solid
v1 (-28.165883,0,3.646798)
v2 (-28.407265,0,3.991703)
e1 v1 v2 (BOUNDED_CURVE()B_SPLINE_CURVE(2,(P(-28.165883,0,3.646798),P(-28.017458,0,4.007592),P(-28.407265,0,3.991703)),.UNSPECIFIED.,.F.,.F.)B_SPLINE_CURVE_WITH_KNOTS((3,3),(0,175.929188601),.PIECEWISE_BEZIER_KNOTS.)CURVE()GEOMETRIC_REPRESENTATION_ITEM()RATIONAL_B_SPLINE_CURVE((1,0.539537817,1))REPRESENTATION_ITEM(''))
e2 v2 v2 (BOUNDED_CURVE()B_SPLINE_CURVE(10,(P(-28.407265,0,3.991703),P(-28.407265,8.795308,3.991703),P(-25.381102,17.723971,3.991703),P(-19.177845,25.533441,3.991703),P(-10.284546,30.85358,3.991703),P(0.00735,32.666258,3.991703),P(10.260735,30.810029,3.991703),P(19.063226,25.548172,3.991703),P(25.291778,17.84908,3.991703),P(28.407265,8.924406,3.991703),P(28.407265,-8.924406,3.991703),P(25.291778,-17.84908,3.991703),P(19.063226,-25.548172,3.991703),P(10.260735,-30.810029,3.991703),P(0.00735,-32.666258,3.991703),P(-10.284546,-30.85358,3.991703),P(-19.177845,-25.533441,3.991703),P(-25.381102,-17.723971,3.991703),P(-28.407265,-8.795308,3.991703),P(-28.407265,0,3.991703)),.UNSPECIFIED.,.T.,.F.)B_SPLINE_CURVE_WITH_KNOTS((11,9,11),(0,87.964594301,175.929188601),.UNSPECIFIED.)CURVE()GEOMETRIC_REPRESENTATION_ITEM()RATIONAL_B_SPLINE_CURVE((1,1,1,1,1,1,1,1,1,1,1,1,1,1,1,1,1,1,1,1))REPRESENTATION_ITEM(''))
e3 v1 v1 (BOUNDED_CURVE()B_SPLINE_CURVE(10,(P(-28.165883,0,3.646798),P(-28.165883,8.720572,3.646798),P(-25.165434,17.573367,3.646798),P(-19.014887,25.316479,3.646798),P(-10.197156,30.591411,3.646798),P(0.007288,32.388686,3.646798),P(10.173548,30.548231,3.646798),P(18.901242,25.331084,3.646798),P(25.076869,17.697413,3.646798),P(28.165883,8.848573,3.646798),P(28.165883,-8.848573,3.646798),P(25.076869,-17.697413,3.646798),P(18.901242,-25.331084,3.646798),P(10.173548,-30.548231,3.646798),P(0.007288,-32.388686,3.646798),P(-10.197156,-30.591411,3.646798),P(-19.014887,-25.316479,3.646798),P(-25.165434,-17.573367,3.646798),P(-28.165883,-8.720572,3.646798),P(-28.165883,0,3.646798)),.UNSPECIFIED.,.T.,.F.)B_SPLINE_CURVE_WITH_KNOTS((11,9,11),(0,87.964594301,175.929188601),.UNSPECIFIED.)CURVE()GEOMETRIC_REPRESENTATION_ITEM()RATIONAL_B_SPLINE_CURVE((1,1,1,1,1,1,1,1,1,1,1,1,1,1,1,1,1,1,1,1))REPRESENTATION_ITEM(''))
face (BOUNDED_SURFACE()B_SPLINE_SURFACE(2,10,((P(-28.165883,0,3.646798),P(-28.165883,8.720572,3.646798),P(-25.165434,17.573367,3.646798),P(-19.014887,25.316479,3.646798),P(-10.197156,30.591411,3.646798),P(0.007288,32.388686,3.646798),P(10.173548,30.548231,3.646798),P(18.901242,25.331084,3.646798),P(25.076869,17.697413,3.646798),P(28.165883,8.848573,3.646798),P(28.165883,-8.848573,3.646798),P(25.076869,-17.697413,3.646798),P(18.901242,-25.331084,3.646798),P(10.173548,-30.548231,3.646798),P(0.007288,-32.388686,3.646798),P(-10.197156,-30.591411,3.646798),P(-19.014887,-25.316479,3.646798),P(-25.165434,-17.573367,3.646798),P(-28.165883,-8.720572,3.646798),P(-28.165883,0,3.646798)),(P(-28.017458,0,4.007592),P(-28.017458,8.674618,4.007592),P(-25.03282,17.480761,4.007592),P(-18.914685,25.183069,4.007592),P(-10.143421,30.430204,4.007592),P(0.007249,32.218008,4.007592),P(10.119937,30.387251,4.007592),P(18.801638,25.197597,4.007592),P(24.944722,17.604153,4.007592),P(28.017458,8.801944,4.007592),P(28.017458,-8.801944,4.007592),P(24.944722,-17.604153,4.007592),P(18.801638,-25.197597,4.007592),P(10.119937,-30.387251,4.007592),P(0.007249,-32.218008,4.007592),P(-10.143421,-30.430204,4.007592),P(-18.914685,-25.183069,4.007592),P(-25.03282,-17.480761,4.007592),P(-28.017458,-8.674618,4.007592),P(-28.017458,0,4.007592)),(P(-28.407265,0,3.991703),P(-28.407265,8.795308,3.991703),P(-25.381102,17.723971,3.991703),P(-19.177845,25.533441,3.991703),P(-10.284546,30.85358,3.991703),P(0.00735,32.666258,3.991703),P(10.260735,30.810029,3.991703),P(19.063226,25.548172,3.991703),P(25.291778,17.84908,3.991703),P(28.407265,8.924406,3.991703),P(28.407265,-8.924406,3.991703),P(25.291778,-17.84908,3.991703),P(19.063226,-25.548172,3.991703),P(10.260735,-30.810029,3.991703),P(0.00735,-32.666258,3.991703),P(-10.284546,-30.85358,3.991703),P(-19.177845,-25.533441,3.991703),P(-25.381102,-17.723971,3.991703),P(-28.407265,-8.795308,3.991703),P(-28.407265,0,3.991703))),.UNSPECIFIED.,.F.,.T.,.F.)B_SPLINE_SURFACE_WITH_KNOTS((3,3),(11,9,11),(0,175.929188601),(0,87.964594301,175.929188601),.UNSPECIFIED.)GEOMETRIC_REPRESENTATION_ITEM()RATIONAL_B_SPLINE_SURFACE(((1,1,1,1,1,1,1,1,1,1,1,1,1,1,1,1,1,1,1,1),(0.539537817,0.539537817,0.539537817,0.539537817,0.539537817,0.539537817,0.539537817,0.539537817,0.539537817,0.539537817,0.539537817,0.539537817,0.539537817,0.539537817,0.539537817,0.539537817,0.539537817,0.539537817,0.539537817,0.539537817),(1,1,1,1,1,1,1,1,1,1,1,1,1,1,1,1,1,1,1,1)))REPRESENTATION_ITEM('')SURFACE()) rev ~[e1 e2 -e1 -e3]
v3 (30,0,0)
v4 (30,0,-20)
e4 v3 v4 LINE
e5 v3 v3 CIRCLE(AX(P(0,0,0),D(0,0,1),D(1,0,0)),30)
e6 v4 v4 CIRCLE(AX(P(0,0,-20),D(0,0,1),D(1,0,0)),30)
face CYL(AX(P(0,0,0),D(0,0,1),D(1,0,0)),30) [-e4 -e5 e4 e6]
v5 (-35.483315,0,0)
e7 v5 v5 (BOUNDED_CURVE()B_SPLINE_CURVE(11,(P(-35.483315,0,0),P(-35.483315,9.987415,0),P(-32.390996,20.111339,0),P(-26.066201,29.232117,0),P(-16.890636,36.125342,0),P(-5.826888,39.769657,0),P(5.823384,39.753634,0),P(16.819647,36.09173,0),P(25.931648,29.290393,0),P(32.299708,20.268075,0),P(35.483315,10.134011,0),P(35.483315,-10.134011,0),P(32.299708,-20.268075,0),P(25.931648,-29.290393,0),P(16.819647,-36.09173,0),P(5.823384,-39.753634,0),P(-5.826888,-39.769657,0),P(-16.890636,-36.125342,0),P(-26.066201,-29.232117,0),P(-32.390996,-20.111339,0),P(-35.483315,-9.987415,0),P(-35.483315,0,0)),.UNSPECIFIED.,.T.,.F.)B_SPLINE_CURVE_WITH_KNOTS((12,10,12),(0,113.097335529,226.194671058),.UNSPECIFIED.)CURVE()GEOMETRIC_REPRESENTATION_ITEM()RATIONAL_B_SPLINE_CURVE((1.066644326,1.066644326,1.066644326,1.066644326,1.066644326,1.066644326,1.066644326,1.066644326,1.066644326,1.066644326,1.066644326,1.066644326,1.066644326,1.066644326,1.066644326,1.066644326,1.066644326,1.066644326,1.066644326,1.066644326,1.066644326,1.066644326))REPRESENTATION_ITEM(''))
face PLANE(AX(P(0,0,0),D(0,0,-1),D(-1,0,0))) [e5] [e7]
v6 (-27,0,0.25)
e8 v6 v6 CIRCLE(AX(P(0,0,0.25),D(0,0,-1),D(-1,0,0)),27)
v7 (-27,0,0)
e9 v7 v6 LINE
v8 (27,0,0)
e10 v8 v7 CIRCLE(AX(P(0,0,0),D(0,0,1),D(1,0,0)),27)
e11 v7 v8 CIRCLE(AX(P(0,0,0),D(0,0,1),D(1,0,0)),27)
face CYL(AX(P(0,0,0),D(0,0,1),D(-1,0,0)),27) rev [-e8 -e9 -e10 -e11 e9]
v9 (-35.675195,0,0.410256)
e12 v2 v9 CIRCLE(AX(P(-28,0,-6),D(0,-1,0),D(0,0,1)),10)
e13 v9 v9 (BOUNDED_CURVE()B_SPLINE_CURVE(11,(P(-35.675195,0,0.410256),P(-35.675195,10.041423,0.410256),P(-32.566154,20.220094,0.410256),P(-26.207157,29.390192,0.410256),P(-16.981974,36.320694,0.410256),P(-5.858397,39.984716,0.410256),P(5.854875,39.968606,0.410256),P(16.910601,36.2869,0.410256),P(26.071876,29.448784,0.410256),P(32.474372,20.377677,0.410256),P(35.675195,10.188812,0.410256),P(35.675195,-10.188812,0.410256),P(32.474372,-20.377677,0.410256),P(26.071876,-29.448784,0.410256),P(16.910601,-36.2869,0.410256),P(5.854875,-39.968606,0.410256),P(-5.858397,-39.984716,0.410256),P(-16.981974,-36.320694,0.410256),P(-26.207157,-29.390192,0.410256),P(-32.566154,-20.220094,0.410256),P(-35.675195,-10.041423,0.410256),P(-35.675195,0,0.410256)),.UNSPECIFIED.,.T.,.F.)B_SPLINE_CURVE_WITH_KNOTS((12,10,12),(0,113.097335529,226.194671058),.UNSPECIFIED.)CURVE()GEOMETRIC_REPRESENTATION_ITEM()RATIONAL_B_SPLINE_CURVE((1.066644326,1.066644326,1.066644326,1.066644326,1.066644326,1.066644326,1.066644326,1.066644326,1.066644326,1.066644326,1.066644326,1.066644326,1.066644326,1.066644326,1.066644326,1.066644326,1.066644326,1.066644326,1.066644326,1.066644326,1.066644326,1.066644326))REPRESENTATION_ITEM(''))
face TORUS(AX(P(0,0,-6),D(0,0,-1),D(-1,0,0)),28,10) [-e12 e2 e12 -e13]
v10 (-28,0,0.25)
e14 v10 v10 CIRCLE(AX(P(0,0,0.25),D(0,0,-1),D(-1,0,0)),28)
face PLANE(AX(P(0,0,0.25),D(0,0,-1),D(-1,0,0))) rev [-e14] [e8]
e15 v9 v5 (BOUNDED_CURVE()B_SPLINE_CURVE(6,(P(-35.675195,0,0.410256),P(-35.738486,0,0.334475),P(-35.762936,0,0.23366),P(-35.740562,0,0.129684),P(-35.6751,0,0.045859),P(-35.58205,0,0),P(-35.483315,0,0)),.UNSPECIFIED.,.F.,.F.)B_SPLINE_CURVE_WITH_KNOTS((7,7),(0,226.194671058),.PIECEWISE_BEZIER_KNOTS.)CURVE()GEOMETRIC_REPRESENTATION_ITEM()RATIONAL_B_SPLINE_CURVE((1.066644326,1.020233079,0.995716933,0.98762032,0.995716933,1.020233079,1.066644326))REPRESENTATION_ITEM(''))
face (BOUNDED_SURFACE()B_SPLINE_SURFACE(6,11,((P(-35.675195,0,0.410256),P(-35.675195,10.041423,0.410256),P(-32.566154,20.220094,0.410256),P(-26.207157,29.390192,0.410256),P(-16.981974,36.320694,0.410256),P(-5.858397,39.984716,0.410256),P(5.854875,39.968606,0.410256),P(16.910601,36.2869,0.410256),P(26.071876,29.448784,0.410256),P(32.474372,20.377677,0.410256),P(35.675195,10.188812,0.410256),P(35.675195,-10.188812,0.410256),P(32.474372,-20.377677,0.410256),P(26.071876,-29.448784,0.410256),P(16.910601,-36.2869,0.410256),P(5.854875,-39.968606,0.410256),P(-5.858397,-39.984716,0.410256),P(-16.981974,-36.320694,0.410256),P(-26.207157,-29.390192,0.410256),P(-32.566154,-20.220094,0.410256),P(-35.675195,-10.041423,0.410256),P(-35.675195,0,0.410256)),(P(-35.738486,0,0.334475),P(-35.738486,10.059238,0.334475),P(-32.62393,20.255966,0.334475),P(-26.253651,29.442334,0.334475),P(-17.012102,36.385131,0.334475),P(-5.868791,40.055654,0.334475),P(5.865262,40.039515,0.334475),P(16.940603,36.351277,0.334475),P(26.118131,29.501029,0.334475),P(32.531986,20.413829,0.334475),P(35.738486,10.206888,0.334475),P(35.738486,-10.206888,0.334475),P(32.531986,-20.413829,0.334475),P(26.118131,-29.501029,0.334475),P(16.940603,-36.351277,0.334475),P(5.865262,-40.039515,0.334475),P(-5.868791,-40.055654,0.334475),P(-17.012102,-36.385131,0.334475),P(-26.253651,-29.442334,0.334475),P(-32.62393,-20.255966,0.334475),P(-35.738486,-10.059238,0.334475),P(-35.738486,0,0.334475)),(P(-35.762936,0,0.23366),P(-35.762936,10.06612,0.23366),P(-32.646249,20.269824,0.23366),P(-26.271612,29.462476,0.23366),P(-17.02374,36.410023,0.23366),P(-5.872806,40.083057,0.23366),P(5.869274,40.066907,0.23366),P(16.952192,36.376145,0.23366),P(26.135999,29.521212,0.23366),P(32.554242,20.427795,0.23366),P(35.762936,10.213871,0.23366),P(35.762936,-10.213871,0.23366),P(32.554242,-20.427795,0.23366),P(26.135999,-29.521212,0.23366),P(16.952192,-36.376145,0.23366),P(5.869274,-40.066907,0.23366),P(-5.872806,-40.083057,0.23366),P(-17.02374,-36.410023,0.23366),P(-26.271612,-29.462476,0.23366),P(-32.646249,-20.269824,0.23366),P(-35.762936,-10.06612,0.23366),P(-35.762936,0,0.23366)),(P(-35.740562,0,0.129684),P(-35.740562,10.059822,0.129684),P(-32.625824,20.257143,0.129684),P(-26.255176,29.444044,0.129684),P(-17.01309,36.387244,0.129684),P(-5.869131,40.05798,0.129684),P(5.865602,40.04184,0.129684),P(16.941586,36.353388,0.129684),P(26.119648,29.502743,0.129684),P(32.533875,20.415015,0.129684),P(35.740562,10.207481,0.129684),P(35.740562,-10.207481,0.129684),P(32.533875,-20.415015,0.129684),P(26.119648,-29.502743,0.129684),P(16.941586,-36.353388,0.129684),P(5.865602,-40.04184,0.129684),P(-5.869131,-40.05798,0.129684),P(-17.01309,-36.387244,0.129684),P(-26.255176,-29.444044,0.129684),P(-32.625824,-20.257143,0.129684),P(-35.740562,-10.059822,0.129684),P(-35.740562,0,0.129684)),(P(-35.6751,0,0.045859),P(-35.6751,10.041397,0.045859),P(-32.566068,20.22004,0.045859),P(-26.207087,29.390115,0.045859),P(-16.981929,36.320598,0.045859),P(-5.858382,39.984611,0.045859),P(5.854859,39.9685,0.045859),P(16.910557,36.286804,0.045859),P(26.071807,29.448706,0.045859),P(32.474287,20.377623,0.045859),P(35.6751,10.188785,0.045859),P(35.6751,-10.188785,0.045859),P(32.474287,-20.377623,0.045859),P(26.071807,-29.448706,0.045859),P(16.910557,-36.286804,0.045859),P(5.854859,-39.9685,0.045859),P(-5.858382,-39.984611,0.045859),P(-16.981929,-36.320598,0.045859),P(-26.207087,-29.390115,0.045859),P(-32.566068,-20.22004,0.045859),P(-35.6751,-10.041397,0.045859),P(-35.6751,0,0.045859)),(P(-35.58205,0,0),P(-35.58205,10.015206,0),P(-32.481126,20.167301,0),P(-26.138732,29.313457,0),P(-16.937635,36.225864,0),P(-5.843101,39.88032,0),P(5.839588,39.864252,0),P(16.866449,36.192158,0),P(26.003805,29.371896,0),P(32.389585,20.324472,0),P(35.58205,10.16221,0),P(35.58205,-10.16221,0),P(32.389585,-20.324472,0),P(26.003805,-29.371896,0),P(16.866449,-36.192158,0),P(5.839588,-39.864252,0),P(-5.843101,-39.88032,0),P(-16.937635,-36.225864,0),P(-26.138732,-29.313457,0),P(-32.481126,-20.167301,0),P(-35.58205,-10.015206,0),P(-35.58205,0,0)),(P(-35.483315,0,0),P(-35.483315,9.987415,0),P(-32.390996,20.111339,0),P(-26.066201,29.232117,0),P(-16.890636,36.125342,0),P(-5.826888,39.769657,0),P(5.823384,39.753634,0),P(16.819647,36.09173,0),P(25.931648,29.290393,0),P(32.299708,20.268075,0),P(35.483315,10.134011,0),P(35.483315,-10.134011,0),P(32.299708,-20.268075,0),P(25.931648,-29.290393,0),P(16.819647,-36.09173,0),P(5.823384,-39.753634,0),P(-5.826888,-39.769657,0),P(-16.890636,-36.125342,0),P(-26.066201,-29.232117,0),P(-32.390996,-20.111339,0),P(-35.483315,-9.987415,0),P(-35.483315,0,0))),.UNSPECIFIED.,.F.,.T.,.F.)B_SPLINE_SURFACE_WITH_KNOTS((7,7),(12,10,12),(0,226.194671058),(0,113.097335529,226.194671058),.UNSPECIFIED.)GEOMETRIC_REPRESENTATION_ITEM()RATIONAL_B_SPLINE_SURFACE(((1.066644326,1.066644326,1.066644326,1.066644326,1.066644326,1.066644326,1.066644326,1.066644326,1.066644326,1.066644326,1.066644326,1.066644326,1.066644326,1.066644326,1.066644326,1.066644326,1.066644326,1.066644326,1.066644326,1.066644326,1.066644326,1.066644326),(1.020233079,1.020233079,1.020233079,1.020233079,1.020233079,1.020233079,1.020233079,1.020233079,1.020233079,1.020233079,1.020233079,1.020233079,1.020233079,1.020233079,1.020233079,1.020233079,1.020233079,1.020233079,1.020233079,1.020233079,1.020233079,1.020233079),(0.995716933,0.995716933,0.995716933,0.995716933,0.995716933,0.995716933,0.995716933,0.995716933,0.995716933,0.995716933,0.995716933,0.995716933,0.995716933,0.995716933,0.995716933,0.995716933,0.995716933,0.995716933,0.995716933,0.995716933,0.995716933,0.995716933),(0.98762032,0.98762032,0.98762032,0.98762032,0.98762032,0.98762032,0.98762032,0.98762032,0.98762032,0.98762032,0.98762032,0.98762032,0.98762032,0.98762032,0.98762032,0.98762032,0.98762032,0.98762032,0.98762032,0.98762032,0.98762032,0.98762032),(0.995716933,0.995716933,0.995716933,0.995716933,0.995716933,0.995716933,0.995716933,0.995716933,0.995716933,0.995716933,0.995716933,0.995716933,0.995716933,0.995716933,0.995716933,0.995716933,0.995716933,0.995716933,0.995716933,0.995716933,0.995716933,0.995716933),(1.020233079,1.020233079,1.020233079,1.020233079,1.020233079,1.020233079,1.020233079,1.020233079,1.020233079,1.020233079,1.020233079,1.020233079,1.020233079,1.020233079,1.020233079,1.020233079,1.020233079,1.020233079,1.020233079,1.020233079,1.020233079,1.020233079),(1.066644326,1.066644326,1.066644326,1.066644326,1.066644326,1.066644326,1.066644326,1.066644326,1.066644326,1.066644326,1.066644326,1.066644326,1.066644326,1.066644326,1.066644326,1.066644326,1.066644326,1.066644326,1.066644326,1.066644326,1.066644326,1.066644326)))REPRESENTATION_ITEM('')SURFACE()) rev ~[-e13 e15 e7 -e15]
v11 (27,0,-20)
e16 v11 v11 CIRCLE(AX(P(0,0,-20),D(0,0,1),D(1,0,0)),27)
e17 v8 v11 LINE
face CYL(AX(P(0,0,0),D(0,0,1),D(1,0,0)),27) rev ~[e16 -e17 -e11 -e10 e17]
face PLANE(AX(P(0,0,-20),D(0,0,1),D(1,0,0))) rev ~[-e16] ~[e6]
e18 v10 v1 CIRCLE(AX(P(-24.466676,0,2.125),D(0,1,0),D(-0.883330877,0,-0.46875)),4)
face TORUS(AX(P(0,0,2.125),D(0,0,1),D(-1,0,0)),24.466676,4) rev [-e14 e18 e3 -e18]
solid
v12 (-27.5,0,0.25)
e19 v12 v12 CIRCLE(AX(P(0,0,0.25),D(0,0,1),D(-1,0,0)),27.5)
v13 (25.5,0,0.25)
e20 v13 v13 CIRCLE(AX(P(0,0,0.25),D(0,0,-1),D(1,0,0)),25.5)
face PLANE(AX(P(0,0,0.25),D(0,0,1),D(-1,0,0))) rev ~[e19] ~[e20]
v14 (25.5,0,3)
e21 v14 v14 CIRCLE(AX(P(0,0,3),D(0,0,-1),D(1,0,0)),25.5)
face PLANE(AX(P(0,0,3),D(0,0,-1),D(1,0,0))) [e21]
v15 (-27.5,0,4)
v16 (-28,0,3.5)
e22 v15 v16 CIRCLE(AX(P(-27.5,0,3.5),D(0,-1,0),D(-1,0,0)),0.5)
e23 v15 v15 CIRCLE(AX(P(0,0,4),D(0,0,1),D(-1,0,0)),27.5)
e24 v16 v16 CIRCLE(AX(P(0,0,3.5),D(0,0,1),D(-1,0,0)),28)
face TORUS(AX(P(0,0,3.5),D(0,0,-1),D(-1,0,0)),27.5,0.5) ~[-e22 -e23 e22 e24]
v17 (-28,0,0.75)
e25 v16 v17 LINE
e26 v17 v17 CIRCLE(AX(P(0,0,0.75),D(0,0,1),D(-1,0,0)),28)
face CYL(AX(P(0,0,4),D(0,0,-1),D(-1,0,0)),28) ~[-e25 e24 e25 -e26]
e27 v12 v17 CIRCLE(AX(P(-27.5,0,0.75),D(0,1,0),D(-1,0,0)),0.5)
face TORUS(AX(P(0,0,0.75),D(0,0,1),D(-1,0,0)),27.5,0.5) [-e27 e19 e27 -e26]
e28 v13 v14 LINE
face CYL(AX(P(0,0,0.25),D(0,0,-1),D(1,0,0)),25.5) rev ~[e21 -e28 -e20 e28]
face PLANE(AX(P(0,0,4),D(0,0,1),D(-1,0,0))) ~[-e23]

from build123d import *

# Parameters (mm, degrees)
F0_R     = 30
F0_R_2   = 27
F1_DEPTH = 20
F4_R     = 0.25
F6_R     = 0.5
F7_R     = 25.5
F8_DEPTH = 2.75


with BuildPart() as f1:
    # F0 (on Top) → F1 (new body)
    with BuildSketch(Plane.XY):
        Circle(F0_R)
        Circle(F0_R_2, mode=Mode.SUBTRACT)
    extrude(amount=-F1_DEPTH)

    # F2 (on Front) → F3 (revolve)
    with BuildSketch(Plane.XZ):
        with BuildLine():
            Line((-30, 0), (-27, 0))
            Line((-27, 0), (-27, 0.25))
            Line((-27, 0.25), (-28, 0.25))
            ThreePointArc((-28, 0.25), (-28.4666764937, 2.125), (-28, 4))
            ThreePointArc((-28, 4), (-32.472135955, 2.94427191), (-36, 0))
            Line((-36, 0), (-30, 0))
        make_face()
    revolve(axis=Axis((0, 0, 2), (0, 0, -1)))

    # F4
    f4_edges = [f1.edges().sort_by_distance(p)[0] for p in [
        (28, 0, 4),
        (36, 0, 0),
    ]]
    fillet(f4_edges, radius=F4_R)


with BuildPart() as f5:
    # F2 (on Front) → F5 (revolve)
    with BuildSketch(Plane.XZ):
        Polygon((-28, 0.25), (-27, 0.25), (0, 0.25), (0, 4), (-28, 4), align=None)
    revolve(axis=Axis((0, 0, 2.125), (0, 0, 1)))

    # F6
    f6_edges = [f5.edges().sort_by_distance(p)[0] for p in [
        (28, 0, 4),
        (28, 0, 0.25),
    ]]
    fillet(f6_edges, radius=F6_R)

    # F7 (on face) → F8 (cut)
    with BuildSketch(Plane(origin=(0, 0, 0.25), x_dir=(1, 0, 0), z_dir=(0, 0, -1))):
        Circle(F7_R)
    extrude(amount=-F8_DEPTH, mode=Mode.SUBTRACT)


solid = Compound([f1.part, f5.part])
